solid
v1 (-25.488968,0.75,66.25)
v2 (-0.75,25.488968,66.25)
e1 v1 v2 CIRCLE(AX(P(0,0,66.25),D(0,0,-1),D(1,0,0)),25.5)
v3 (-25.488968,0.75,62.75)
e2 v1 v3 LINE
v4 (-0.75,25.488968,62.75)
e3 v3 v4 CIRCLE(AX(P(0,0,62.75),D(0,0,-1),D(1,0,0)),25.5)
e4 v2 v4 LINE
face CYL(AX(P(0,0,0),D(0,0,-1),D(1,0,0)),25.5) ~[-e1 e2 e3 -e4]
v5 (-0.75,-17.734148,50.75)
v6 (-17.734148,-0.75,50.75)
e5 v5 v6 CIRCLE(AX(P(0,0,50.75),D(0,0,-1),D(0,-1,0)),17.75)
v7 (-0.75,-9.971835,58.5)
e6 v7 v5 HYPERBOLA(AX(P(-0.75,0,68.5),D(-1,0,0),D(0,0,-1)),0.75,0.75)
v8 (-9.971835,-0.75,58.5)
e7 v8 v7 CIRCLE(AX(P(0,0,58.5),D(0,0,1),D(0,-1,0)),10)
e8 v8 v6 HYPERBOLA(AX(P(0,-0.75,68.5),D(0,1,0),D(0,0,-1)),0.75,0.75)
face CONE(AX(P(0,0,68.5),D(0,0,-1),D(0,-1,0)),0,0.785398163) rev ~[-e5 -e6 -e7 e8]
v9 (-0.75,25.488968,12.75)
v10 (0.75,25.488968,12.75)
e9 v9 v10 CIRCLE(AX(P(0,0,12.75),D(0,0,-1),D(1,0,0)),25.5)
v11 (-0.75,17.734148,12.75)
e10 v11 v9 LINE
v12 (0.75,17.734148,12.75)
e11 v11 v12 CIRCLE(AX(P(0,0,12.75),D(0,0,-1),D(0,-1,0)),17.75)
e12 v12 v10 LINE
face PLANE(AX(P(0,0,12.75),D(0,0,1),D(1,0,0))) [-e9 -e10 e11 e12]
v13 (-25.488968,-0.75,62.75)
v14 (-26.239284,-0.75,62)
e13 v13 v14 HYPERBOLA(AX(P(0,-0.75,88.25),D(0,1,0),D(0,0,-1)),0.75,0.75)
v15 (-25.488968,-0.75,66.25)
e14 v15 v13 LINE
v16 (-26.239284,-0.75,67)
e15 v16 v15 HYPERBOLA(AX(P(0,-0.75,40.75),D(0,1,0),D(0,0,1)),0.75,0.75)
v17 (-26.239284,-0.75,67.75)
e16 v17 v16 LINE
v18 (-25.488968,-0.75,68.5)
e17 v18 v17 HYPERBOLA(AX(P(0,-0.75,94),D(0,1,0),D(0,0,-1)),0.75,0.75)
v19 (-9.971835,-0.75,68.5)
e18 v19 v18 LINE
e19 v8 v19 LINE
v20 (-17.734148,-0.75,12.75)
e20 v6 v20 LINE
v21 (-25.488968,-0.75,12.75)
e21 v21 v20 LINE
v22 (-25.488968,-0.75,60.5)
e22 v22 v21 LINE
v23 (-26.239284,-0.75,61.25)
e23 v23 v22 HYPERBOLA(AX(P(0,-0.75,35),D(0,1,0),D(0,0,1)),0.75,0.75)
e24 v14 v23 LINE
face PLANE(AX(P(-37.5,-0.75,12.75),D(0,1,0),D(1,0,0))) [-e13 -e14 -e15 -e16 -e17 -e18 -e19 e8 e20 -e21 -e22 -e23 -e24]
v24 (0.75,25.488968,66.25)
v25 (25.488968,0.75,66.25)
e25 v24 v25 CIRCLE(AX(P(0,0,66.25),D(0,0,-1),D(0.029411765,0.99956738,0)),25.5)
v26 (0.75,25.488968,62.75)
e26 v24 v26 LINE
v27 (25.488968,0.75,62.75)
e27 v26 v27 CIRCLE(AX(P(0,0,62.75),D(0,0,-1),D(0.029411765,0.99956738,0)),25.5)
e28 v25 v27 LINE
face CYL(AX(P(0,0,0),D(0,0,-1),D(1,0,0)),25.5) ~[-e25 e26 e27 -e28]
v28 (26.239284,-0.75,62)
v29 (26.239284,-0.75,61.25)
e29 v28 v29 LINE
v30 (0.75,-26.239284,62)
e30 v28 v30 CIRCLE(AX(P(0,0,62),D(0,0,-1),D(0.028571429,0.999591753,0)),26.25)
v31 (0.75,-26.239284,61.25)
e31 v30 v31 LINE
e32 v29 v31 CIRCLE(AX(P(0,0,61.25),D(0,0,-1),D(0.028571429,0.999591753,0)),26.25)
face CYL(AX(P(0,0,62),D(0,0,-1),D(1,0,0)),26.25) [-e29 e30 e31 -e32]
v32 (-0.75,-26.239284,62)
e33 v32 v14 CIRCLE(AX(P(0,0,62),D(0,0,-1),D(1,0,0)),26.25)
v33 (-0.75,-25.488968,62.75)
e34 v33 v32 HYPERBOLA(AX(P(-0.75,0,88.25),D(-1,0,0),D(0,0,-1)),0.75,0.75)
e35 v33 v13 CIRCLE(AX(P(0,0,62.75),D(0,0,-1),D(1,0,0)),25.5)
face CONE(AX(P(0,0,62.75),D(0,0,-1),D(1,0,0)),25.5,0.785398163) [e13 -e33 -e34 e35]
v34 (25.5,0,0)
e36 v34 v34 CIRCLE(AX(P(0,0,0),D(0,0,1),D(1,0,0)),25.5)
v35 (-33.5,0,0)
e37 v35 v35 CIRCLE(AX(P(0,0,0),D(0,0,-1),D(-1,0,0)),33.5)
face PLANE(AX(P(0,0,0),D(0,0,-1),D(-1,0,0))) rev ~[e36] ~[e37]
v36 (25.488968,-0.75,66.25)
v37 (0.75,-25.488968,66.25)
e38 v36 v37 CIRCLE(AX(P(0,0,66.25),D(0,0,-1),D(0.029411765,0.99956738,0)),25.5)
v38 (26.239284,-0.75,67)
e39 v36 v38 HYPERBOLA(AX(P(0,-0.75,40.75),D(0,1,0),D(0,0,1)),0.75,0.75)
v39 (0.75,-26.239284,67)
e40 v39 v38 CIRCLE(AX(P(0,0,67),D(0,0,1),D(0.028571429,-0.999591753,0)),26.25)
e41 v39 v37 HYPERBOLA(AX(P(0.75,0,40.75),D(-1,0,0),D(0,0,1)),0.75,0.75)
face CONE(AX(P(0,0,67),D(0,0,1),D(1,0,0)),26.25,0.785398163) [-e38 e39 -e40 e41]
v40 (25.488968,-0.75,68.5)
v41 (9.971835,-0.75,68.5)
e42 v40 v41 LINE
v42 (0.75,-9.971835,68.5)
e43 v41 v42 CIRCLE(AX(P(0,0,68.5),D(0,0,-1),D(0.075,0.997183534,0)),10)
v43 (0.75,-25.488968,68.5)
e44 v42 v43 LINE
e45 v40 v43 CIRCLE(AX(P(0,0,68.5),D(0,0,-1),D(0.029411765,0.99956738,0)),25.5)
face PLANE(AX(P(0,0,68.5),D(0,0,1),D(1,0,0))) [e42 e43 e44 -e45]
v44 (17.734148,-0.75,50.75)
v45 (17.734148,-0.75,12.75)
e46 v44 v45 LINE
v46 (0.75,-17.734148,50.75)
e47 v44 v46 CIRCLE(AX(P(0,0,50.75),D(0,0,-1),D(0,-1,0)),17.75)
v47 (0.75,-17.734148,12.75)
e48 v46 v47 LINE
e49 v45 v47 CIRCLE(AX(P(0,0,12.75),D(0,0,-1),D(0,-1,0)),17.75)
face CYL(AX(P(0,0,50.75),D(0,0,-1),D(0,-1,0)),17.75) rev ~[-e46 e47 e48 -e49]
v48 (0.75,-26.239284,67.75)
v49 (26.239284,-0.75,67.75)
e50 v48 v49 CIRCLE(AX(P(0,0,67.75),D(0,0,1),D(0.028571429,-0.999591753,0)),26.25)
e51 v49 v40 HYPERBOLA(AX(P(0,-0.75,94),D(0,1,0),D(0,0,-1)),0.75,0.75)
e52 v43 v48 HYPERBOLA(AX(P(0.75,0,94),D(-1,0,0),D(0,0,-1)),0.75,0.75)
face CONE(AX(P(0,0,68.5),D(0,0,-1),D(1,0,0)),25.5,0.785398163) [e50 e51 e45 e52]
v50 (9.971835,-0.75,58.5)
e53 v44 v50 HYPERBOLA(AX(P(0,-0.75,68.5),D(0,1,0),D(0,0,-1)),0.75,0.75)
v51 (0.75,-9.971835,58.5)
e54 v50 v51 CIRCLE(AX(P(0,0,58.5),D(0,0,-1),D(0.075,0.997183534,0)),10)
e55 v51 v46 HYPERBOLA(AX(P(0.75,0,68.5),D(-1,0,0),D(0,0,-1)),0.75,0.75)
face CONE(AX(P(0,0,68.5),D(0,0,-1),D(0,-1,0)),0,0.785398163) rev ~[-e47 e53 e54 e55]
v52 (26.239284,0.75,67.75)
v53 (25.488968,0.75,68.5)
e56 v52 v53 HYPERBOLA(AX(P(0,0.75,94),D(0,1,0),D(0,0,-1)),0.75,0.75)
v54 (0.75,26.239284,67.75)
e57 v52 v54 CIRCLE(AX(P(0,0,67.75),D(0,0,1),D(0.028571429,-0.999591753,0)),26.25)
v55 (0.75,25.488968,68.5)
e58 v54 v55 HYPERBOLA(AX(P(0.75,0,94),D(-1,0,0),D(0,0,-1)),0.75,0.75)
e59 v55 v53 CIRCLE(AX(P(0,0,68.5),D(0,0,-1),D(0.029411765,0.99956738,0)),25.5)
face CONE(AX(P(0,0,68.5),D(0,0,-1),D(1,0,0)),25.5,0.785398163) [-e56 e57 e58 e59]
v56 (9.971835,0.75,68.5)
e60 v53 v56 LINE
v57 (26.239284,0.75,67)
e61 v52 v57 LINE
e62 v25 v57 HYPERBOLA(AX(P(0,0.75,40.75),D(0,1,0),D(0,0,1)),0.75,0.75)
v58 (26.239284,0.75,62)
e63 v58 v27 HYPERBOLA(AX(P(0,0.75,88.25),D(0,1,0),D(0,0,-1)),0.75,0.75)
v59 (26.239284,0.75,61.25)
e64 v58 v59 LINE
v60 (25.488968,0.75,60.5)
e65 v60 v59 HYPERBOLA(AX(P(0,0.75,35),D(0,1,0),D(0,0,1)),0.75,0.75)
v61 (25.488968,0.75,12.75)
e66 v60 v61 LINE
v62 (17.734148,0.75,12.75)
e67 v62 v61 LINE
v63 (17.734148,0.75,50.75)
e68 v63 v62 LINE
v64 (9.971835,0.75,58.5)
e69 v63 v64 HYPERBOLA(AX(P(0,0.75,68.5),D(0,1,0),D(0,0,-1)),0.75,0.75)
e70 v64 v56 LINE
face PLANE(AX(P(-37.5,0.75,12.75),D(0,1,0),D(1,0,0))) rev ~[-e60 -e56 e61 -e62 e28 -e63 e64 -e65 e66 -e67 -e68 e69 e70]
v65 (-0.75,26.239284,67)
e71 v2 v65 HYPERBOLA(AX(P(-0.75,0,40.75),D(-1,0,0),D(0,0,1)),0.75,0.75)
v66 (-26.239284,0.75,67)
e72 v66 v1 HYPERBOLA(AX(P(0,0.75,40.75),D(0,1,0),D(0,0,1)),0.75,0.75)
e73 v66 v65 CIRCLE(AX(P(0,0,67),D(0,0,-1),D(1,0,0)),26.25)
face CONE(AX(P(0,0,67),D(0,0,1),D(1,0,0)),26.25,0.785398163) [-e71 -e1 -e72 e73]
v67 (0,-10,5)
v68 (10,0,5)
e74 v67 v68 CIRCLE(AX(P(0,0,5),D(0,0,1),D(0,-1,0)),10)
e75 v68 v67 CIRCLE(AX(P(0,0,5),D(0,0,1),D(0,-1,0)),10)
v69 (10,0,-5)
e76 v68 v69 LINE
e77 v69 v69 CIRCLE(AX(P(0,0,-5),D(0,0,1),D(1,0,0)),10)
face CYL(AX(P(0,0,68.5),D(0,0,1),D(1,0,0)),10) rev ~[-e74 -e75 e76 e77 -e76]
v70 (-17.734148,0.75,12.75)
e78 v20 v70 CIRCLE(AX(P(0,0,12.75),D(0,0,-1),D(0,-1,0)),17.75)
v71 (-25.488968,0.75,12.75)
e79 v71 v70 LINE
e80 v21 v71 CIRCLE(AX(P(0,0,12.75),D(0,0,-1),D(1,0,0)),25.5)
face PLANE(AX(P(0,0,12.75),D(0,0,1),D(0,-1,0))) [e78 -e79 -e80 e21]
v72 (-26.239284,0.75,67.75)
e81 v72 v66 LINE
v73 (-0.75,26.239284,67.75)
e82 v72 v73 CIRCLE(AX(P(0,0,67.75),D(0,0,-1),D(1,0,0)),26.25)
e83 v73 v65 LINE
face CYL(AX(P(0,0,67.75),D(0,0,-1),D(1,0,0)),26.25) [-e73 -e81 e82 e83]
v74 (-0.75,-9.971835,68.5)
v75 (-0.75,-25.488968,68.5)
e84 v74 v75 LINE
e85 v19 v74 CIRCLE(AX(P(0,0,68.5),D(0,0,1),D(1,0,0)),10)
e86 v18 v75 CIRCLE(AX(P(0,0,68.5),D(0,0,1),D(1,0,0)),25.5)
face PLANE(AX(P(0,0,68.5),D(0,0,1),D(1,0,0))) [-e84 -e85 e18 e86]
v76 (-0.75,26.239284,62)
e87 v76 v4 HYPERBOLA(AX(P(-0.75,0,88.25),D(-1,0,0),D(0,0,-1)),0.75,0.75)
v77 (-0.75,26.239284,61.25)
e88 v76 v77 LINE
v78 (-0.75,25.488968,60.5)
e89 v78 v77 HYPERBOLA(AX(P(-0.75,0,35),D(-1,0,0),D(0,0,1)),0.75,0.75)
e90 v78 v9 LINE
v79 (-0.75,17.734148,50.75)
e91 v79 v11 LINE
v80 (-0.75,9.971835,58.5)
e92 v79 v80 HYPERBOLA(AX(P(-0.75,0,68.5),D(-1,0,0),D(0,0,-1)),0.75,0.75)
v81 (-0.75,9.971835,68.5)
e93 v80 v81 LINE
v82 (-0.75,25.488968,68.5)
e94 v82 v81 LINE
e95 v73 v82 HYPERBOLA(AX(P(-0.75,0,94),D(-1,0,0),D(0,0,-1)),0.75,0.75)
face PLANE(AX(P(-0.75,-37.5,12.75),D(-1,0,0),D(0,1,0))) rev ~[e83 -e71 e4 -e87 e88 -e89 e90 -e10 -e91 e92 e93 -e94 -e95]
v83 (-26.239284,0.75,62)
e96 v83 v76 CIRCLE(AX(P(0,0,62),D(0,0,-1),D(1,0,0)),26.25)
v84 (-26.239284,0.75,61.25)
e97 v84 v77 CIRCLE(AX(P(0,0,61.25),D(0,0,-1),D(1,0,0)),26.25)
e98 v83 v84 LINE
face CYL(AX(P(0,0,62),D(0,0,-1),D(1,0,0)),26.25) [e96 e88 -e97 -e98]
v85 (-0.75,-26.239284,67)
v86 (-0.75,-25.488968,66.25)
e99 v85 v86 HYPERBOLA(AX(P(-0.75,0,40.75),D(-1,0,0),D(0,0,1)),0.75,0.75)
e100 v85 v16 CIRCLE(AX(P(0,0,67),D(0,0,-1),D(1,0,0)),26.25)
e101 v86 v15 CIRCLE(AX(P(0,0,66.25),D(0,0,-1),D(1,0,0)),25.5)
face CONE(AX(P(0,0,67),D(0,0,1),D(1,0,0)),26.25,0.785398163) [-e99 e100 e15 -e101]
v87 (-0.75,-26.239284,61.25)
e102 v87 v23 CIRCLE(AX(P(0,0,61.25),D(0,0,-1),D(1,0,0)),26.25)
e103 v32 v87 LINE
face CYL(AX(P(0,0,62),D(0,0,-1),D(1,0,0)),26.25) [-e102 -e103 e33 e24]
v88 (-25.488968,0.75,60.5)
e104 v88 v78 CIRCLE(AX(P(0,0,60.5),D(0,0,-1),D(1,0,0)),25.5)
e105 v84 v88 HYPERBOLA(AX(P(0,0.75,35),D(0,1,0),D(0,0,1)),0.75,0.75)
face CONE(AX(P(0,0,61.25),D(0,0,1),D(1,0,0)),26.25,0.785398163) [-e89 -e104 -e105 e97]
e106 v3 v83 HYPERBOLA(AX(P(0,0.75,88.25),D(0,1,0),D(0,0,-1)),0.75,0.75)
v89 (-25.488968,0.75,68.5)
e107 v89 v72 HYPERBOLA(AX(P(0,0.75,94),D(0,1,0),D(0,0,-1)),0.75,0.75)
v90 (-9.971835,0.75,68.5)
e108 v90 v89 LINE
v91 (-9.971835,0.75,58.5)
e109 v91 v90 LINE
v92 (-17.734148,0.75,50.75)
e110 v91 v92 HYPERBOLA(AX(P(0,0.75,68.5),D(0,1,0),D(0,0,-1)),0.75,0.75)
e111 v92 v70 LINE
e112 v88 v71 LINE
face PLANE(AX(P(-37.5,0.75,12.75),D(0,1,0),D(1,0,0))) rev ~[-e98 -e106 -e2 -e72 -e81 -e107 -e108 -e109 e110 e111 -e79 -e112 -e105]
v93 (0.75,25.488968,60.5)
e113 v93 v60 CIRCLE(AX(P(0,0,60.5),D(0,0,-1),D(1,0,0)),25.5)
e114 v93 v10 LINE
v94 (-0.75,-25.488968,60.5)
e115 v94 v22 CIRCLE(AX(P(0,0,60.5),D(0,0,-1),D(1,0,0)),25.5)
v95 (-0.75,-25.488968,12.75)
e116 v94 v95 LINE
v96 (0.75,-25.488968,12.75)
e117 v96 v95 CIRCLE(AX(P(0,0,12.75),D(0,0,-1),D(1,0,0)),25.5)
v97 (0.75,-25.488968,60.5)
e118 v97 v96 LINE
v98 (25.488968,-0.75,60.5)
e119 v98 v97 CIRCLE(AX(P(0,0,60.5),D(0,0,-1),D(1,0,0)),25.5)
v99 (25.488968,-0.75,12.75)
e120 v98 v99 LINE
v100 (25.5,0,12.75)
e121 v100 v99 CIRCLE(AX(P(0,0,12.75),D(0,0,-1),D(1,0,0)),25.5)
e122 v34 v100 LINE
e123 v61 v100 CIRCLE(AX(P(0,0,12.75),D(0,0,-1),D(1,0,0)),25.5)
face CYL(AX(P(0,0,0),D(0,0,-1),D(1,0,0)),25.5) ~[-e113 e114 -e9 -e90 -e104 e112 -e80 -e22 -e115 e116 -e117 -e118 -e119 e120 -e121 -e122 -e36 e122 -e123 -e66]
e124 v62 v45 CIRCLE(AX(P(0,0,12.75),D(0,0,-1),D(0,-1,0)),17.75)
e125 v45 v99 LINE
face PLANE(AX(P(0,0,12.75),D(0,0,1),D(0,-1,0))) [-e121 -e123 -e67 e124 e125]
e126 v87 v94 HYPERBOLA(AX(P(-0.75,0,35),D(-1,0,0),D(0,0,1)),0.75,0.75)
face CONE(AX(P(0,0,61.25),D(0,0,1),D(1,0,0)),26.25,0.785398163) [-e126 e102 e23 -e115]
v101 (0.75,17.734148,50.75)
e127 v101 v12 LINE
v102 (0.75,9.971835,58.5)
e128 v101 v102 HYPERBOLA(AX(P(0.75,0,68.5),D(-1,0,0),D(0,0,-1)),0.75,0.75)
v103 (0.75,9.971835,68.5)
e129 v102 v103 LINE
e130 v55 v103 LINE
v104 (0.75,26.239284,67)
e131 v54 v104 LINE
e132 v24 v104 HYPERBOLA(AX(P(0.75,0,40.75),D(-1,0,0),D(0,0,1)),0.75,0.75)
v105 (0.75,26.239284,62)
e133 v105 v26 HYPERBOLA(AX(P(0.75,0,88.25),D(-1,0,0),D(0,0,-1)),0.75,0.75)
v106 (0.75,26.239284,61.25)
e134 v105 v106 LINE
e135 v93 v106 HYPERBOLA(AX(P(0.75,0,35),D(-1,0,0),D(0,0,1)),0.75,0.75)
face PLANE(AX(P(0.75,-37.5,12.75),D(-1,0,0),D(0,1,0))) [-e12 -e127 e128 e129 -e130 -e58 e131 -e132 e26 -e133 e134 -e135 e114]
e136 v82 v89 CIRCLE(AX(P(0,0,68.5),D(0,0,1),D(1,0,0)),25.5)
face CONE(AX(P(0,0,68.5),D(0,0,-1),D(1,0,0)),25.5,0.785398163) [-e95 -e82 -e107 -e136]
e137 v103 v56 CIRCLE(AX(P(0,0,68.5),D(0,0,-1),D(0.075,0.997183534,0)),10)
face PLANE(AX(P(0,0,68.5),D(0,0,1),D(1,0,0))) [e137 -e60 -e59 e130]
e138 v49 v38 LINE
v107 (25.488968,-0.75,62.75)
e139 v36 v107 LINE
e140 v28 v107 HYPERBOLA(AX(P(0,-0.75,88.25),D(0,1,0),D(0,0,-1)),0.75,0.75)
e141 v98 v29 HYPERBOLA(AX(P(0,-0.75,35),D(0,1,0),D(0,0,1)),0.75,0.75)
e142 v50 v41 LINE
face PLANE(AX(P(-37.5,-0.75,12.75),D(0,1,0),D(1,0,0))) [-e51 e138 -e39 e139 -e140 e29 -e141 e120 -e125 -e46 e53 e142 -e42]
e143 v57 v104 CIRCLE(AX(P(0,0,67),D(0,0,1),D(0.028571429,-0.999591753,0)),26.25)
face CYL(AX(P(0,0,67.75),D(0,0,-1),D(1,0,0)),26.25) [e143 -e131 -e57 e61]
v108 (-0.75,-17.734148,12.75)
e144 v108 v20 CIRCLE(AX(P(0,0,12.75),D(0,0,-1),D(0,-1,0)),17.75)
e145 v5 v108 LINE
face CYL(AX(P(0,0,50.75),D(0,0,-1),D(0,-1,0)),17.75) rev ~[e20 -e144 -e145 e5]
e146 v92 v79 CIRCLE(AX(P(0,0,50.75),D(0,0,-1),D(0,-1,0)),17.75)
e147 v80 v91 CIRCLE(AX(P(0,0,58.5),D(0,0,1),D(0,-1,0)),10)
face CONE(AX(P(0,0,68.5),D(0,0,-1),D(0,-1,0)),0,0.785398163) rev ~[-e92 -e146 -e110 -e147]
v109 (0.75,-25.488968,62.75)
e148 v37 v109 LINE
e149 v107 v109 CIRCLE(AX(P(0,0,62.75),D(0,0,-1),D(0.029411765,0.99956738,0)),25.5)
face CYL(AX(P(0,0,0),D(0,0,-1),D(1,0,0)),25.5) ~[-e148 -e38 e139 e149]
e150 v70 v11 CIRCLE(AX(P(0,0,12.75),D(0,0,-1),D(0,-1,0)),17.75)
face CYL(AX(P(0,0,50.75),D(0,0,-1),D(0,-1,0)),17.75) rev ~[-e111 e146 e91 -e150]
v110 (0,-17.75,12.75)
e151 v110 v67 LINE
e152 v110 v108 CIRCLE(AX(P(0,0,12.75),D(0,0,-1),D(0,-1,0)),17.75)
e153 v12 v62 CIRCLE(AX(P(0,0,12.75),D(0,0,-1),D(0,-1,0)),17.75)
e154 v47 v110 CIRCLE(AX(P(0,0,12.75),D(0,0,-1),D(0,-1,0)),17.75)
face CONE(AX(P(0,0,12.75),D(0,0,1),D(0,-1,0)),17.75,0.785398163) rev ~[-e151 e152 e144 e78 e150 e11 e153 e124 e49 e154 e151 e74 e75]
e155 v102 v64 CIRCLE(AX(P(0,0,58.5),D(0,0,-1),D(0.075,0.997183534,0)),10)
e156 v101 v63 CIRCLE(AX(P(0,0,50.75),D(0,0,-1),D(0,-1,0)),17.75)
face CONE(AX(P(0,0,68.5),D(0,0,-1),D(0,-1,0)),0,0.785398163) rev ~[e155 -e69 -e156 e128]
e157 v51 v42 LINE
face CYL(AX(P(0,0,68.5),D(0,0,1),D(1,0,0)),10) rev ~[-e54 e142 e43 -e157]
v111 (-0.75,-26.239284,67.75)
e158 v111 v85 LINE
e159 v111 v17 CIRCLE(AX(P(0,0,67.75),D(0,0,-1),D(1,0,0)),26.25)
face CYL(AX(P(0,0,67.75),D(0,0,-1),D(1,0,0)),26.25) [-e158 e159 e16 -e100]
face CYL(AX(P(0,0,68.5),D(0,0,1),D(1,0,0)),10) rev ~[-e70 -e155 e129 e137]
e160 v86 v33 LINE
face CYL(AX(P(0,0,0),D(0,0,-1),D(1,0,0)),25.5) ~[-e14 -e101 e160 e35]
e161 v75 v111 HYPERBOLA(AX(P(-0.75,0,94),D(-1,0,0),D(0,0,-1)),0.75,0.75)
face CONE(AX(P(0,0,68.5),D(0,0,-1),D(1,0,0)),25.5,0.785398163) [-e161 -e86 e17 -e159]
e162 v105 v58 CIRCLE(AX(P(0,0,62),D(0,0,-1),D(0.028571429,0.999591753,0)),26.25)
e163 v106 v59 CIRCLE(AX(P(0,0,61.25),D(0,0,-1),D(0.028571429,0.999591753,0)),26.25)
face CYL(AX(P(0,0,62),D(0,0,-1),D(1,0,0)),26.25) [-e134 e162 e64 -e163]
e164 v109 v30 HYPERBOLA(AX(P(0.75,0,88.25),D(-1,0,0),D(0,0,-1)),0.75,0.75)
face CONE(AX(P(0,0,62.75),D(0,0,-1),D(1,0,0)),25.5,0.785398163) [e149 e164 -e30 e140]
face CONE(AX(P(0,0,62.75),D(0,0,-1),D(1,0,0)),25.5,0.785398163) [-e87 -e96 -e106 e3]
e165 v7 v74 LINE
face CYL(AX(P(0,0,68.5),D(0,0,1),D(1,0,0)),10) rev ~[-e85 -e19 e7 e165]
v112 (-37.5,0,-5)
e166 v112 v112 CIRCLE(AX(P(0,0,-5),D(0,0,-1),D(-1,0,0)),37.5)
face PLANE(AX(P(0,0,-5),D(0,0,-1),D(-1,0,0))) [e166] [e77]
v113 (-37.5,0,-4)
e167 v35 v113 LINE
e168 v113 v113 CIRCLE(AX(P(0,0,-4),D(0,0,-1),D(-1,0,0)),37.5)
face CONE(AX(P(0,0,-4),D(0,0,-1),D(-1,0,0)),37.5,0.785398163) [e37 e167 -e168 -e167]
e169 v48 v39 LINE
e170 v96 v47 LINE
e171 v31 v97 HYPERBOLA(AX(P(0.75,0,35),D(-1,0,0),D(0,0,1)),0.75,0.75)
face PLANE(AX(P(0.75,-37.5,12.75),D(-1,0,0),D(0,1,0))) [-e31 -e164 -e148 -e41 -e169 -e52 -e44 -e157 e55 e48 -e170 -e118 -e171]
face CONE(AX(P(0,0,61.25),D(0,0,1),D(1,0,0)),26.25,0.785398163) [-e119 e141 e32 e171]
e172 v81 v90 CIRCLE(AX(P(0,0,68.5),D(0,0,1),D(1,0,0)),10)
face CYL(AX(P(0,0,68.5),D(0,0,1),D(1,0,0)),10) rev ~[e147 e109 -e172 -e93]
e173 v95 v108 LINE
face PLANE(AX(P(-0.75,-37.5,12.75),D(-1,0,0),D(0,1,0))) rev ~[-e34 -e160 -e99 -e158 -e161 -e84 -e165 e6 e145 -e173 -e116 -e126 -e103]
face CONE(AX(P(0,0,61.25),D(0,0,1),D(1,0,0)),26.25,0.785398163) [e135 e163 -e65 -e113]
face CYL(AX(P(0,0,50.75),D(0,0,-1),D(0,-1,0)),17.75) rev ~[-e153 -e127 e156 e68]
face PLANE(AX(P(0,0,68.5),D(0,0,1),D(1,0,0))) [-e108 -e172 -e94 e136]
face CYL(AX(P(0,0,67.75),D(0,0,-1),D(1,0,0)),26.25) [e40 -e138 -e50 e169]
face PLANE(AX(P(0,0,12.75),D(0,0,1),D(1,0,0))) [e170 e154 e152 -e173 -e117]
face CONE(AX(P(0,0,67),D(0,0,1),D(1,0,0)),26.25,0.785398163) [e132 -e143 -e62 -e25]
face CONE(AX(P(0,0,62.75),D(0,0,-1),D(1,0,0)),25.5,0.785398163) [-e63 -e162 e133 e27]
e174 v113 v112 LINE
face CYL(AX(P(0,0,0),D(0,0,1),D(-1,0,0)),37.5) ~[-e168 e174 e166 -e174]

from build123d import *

# Parameters (mm, degrees)
AXLE_BASE_SKETCH_R        = 25.5
AXLE_DEPTH                = 68.5
GUARD_BASE_R              = 37.5
GUARD_DEPTH               = 5
INNER_AXLE_HOLE_BASE_R    = 10
INNER_AXLE_HOLE_DEPTH     = 74.5
BEND_START                = -55.75
BEND_ROOM_BASE_W          = 1.5
BEND_ROOM_BASE_H          = 75
BEND_ROOM_1_DEPTH         = 55.750001
BEND_ROOM_2_COUNT         = 2
BEND_ROOM_2_ANGLE         = 90
EASY_REMOVAL_CHAMFER_SIZE = 4


with BuildPart() as part:
    # Axle base sketch → Axle (new body)
    with BuildSketch(Plane.XY):
        Circle(AXLE_BASE_SKETCH_R)
    extrude(amount=AXLE_DEPTH)

    # Guard base → Guard (add)
    with BuildSketch(Plane(origin=(0, 0, 0), x_dir=(-1, 0, 0), z_dir=(0, 0, -1))):
        Circle(GUARD_BASE_R)
    extrude(amount=GUARD_DEPTH)

    # Inner axle hole base → Inner axle hole (cut, through all)
    with BuildSketch(Plane.XY.offset(68.5)):
        Circle(INNER_AXLE_HOLE_BASE_R)
    extrude(amount=-INNER_AXLE_HOLE_DEPTH, mode=Mode.SUBTRACT)

    # Mate ring base → Mate rings (revolve)
    with BuildSketch(Plane(origin=(0, 0, 0), x_dir=(1, 0, 0), z_dir=(0, 1, 0))):
        Polygon((25.5, -68.5), (26.25, -67.75), (26.25, -67), (25.5, -66.25), align=None)
        Polygon((25.5, -62.75), (26.25, -62), (26.25, -61.25), (25.5, -60.5), align=None)
    revolve(axis=Axis((0, 0, 0), (0, 0, -1)))

    # Inner mass remove base → Inner mass remove (revolve, cut)
    with BuildSketch(Plane(origin=(0, 0, 0), x_dir=(0, 0, -1), z_dir=(1, 0, 0))):
        Polygon((-68.5, 0), (-50.75, -17.75), (-12.75, -17.75), (5, 0), align=None)
    revolve(axis=Axis((0, 0, 0), (0, 0, -1)), mode=Mode.SUBTRACT)

    # Bend room base → Bend room 1 (cut)
    with BuildSketch(Plane.XY.offset(68.5).offset(BEND_START)):
        Rectangle(BEND_ROOM_BASE_W, BEND_ROOM_BASE_H)
    bend_room_1 = extrude(amount=BEND_ROOM_1_DEPTH, mode=Mode.SUBTRACT)

    # Bend room 2: Bend room 1 ×2 about axis
    bend_room_2_axis = Axis((0, 0, 0), (0, 0, -1))
    for i in range(1, BEND_ROOM_2_COUNT):
        add(bend_room_1.rotate(bend_room_2_axis, i * BEND_ROOM_2_ANGLE / (BEND_ROOM_2_COUNT - 1)), mode=Mode.SUBTRACT)

    # Easy removal chamfer
    easy_removal_chamfer_edges = [part.edges().sort_by_distance(p)[0] for p in [
        (37.5, 0, 0),
    ]]
    chamfer(easy_removal_chamfer_edges, length=EASY_REMOVAL_CHAMFER_SIZE)


solid = part.part
